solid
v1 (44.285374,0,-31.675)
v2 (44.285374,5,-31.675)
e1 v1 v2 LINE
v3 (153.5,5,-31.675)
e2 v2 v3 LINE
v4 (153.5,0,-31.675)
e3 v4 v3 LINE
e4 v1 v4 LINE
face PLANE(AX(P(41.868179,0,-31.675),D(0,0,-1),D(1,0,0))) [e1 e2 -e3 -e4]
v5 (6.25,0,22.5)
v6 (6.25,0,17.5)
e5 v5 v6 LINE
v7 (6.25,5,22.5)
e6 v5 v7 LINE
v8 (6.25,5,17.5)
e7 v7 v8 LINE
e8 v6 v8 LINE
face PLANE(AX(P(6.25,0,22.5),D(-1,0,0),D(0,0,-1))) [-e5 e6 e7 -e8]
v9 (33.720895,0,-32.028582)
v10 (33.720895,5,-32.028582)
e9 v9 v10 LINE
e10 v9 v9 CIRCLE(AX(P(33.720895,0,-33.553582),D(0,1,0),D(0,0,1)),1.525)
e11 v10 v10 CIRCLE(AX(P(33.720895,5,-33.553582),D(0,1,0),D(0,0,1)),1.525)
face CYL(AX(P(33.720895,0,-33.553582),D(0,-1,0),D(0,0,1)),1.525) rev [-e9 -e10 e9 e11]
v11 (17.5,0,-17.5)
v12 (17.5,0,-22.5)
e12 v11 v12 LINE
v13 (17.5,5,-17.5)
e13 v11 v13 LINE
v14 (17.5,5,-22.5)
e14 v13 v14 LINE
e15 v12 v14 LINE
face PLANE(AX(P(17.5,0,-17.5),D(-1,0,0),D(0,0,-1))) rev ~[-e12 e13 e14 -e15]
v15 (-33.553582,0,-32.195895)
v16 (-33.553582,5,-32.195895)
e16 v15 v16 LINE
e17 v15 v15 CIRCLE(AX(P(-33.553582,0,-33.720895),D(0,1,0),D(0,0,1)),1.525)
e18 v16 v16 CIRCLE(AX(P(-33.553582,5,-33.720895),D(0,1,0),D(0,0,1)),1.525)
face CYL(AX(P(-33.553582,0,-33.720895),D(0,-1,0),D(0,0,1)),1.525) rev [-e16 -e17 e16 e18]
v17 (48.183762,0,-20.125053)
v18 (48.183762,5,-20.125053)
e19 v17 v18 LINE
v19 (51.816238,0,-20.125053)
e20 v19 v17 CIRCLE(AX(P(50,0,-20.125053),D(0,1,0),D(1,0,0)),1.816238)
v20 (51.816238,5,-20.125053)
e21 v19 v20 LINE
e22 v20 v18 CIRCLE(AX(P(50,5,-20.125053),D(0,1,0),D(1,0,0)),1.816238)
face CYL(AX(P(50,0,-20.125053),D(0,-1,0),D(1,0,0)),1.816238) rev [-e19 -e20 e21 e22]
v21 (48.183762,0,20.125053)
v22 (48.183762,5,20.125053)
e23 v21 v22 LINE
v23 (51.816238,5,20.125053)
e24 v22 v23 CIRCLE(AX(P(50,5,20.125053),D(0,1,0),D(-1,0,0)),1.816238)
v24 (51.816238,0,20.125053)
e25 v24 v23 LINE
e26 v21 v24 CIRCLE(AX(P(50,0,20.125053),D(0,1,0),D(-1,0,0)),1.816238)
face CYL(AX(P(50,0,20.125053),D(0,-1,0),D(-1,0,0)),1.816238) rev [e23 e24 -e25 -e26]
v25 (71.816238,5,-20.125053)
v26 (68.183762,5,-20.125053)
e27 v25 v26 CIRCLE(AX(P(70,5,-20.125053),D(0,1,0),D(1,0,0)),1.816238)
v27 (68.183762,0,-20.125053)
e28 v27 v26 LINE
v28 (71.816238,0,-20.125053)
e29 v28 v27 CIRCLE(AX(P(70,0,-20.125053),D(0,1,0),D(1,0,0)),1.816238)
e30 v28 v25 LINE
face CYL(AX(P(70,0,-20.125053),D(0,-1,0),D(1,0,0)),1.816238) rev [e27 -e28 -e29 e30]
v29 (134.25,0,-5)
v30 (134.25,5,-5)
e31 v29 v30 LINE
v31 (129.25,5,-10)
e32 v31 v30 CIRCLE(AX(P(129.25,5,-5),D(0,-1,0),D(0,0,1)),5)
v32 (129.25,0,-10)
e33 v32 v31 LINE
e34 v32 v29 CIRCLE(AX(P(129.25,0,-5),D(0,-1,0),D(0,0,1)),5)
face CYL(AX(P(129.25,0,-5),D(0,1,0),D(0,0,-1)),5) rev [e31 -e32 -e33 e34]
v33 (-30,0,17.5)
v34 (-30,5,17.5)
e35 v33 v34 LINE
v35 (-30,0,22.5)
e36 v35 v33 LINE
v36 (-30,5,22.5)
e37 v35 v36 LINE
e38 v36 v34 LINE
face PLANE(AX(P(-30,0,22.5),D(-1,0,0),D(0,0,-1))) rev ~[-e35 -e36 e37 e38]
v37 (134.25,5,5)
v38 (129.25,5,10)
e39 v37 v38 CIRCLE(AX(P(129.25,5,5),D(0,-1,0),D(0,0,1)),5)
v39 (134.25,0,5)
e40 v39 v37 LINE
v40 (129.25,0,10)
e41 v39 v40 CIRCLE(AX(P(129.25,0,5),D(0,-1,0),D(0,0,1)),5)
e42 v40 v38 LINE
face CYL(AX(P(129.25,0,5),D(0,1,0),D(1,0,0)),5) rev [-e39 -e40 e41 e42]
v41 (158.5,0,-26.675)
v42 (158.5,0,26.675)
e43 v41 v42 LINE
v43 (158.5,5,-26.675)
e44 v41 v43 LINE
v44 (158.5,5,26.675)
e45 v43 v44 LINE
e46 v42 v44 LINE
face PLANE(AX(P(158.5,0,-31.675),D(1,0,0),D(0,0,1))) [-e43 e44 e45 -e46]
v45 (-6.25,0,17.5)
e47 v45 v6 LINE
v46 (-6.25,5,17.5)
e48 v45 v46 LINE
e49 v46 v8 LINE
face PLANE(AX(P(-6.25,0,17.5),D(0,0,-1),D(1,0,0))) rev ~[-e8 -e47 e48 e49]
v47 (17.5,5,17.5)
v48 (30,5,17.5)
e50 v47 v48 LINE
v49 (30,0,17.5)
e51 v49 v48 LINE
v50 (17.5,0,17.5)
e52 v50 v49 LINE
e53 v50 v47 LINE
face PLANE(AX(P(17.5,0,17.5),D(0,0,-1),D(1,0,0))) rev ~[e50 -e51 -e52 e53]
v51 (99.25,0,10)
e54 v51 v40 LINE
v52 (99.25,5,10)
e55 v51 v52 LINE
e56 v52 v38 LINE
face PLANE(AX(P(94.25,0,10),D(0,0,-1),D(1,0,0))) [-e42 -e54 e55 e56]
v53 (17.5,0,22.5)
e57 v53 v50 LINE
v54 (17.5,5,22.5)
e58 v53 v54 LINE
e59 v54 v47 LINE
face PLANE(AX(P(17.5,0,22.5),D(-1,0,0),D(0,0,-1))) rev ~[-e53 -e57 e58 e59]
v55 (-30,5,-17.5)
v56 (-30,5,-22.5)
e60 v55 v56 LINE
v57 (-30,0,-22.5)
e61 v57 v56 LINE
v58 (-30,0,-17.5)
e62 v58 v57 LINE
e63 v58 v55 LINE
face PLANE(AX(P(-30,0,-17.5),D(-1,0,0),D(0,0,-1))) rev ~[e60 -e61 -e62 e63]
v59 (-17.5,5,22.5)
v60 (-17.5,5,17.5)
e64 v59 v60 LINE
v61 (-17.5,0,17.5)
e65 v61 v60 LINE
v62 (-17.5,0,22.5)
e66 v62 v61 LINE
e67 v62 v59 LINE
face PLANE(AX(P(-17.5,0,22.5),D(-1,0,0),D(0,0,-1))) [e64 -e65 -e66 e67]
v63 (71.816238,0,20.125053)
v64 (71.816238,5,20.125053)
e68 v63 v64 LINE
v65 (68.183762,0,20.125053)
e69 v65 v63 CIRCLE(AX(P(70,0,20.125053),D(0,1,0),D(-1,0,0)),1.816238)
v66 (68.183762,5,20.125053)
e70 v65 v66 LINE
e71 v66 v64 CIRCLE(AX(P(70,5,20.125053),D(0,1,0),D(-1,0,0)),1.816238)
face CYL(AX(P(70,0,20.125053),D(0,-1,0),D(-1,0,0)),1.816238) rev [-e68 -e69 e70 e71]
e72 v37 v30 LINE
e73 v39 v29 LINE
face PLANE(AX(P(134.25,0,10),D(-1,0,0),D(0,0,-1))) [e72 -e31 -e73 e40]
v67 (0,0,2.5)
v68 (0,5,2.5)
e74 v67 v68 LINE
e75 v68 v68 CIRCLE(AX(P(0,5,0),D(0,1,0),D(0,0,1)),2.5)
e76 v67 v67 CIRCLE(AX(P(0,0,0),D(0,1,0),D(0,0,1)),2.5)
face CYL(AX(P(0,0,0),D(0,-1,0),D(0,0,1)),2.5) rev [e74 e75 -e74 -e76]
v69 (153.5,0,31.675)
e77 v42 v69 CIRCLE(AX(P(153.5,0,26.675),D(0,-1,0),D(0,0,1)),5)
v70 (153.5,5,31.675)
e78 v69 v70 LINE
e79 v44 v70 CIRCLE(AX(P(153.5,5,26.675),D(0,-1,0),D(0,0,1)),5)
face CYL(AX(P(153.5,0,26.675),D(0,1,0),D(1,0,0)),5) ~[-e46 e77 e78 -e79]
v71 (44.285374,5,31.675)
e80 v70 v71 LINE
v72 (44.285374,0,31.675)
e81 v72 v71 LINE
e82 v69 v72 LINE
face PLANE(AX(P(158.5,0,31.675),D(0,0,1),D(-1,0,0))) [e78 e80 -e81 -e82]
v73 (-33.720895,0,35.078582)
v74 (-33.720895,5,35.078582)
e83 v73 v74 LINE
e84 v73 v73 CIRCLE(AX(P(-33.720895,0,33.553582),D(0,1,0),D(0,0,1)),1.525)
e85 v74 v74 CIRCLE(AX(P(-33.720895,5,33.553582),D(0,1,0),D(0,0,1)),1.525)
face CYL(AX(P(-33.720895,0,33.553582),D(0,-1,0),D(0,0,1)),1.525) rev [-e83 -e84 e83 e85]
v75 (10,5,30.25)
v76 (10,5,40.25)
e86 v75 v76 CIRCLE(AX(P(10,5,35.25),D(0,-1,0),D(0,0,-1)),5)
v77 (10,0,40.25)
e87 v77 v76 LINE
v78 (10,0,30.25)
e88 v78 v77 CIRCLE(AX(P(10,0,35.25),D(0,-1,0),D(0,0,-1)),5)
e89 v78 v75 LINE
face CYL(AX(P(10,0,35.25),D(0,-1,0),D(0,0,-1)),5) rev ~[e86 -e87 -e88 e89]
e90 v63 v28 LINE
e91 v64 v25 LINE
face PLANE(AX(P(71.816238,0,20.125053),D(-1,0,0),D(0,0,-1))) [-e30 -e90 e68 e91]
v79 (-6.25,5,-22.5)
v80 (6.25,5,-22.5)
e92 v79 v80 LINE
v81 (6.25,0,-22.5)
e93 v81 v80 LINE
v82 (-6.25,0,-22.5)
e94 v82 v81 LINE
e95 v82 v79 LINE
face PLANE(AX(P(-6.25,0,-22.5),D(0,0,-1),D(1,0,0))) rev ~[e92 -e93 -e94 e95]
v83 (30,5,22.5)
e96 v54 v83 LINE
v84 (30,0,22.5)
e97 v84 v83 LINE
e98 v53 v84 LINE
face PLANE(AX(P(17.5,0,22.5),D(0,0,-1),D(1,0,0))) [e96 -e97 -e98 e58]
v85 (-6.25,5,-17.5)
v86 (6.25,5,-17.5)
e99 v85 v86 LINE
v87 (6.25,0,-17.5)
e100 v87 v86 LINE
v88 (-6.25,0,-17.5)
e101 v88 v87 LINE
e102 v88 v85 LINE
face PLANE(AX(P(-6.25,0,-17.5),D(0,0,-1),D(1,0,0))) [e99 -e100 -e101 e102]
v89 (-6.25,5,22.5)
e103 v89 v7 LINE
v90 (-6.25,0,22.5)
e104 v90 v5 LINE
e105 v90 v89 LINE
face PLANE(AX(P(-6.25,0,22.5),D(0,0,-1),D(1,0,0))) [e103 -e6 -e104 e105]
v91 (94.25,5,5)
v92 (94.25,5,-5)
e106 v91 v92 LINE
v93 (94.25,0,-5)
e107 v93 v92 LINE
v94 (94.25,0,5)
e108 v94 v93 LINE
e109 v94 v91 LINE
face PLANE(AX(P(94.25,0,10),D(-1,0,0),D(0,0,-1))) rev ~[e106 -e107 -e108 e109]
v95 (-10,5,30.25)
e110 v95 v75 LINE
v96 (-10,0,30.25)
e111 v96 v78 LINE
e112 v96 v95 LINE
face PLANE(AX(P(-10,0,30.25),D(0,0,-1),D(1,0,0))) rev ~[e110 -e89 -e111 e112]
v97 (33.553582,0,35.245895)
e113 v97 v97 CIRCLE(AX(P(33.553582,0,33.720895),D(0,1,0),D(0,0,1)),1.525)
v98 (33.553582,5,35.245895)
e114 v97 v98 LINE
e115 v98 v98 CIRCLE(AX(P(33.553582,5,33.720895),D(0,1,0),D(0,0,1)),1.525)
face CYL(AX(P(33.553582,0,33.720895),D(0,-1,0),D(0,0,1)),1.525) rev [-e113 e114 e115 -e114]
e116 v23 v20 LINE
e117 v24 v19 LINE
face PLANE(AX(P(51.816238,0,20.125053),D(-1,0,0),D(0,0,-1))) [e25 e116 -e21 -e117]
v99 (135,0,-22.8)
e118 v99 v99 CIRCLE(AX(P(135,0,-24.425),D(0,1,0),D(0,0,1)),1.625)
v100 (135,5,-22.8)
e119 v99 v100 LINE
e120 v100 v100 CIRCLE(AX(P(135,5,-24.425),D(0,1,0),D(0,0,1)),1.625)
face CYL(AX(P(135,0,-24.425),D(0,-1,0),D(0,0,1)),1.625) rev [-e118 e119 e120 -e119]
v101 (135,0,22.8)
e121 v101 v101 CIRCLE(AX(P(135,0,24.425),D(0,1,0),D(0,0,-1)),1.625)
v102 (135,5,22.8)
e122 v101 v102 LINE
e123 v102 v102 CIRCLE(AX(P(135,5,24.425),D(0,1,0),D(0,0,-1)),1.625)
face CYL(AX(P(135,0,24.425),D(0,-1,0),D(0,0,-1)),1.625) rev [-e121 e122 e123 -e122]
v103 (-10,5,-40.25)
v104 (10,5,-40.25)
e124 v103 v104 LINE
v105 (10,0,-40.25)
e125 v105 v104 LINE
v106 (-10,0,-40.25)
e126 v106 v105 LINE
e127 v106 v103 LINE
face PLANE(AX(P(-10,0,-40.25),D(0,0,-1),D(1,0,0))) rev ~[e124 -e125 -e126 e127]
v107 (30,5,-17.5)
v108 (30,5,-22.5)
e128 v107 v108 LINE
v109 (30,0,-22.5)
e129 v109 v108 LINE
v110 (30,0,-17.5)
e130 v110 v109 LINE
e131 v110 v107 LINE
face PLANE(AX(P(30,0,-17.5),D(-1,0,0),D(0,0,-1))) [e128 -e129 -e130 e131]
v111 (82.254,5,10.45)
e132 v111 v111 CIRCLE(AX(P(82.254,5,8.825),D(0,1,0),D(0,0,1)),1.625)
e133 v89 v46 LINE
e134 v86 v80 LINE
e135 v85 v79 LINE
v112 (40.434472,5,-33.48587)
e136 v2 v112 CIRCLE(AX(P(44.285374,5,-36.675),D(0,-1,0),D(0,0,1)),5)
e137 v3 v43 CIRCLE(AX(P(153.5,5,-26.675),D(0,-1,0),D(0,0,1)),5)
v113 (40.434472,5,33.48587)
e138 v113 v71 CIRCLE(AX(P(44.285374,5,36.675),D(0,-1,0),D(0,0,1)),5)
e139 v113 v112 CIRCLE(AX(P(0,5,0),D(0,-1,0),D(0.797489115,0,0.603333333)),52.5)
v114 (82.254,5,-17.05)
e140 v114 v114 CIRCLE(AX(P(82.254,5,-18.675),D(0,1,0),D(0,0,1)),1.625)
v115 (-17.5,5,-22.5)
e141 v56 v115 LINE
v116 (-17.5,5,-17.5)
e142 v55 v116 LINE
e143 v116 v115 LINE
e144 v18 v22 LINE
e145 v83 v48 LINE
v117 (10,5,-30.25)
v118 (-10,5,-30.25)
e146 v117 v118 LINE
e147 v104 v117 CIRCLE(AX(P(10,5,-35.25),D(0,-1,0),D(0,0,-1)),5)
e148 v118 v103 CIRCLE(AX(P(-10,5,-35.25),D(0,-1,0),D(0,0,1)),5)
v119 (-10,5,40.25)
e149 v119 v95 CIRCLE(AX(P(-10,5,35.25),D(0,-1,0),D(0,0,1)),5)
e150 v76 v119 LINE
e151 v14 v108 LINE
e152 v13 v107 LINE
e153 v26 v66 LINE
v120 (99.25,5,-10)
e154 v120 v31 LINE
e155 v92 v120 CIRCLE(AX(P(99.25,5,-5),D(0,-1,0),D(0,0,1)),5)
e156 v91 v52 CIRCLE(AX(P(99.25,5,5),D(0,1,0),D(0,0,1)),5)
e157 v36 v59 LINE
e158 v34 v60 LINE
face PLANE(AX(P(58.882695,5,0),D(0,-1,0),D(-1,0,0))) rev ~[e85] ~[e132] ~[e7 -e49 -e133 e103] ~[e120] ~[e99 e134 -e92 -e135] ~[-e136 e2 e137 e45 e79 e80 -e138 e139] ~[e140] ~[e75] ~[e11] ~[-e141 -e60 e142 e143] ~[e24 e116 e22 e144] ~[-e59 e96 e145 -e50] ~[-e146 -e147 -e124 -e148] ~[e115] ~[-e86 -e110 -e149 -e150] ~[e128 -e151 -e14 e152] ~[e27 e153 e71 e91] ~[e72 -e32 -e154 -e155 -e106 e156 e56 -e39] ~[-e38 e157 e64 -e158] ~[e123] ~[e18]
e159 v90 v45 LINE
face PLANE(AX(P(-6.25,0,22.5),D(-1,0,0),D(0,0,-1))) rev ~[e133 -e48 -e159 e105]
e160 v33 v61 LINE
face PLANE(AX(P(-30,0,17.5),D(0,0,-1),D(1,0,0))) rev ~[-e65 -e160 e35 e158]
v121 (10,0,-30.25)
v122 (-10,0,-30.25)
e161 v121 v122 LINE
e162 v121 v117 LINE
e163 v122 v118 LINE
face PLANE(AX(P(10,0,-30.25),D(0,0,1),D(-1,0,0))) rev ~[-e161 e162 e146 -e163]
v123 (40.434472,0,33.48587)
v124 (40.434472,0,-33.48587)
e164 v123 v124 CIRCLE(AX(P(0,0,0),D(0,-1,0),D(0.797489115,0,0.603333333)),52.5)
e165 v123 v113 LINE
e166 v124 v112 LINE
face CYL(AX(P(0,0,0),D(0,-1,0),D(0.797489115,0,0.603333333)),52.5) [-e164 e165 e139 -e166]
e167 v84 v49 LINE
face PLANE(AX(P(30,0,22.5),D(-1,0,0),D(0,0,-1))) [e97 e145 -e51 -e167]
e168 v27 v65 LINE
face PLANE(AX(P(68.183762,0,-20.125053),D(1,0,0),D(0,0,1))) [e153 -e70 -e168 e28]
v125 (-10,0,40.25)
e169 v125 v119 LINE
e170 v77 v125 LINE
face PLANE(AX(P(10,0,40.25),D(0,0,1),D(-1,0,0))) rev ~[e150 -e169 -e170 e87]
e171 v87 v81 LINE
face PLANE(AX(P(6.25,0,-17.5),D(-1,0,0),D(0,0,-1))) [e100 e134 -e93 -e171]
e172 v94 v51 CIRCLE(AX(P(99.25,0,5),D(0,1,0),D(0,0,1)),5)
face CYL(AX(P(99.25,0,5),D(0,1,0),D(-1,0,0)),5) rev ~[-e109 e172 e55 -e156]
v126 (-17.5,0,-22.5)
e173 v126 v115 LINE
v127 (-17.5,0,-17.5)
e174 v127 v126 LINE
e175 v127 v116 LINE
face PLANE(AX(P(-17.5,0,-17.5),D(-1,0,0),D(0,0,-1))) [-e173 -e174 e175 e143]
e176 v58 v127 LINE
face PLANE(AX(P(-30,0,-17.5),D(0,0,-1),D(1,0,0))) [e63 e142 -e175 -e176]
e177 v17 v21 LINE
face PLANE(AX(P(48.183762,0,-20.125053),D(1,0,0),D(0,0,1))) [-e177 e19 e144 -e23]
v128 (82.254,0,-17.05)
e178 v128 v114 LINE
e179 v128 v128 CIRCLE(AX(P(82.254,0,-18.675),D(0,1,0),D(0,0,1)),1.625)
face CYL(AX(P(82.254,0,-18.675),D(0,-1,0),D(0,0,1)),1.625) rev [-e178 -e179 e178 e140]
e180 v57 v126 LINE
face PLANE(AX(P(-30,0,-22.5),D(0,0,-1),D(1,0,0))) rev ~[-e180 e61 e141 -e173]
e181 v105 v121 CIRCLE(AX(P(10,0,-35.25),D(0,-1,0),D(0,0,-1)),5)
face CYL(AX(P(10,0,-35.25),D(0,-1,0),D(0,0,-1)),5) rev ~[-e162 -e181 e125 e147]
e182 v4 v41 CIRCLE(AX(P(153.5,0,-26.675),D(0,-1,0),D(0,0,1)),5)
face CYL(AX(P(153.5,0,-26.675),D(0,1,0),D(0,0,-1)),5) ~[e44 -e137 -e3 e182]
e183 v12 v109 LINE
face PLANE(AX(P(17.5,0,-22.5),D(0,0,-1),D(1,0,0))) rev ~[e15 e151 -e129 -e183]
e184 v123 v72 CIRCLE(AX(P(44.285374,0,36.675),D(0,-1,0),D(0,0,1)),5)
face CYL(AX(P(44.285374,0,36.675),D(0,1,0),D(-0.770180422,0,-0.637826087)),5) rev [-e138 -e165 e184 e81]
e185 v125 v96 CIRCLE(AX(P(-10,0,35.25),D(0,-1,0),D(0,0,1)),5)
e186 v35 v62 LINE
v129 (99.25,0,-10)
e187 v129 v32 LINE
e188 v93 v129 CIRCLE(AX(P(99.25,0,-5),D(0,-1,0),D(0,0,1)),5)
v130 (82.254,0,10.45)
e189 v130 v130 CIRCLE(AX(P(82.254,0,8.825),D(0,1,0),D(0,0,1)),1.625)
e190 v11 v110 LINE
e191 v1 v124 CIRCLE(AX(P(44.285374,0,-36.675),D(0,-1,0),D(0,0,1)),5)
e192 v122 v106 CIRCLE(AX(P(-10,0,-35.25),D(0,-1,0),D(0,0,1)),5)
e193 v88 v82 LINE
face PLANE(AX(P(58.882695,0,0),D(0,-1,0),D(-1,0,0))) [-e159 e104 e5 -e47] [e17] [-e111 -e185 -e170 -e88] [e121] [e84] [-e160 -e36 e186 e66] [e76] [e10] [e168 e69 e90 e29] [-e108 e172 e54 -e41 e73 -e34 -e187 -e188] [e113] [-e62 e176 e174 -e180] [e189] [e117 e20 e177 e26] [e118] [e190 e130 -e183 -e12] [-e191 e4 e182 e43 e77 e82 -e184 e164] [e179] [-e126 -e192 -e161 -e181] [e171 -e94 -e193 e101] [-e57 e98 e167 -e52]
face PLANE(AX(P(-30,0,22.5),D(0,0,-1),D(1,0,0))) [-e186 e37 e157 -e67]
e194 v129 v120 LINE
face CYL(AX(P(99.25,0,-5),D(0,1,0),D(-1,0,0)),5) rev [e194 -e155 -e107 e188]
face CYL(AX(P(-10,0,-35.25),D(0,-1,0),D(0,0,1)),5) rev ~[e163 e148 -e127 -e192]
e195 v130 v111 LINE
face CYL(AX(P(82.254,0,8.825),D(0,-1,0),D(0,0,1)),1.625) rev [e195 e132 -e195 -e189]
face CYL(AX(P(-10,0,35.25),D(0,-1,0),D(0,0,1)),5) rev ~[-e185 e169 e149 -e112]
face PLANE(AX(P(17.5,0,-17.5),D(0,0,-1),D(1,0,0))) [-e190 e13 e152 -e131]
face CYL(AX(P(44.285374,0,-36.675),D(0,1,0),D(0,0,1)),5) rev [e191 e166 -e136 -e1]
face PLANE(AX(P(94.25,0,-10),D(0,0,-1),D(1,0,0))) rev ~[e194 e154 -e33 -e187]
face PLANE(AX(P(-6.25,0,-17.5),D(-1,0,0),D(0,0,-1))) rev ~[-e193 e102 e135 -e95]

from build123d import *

# Parameters (mm, degrees)
SKETCH_1_R      = 1.525
SKETCH_1_R_2    = 2.5
SKETCH_1_R_3    = 1.625
SKETCH_1_W      = 12.5
SKETCH_1_H      = 5
SKETCH_1_W_2    = 40
SKETCH_1_H_2    = 20
EXTRUDE_1_DEPTH = 5
FILLET_1_R      = 5


with BuildPart() as part:
    # 草图1 → 凸台-拉伸1 (new body)
    with BuildSketch(Plane(origin=(0, 0, 0), x_dir=(1, 0, 0), z_dir=(0, 1, 0))):
        with BuildLine():
            Line((41.868178549, 31.675), (158.5, 31.675))
            Line((158.5, 31.675), (158.5, -31.675))
            Line((158.5, -31.675), (41.868178549, -31.675))
            ThreePointArc((41.868178549, -31.675), (-52.5, 0), (41.868178549, 31.675))
        make_face()
        with Locations(Location((-33.55358156, 33.720895004, 0), (0, 0, 270))):
            Circle(SKETCH_1_R, mode=Mode.SUBTRACT)
        with Locations(Location((0, 0, 0), (0, 0, 270))):
            Circle(SKETCH_1_R_2, mode=Mode.SUBTRACT)
        with Locations(Location((82.254, 18.675, 0), (0, 0, 270))):
            Circle(SKETCH_1_R_3, mode=Mode.SUBTRACT)
        with Locations(Location((82.254, -8.825, 0), (0, 0, 270))):
            Circle(SKETCH_1_R_3, mode=Mode.SUBTRACT)
        with Locations(Location((135, 24.425, 0), (0, 0, 270))):
            Circle(SKETCH_1_R_3, mode=Mode.SUBTRACT)
        with Locations(Location((135, -24.425, 0), (0, 0, 90))):
            Circle(SKETCH_1_R_3, mode=Mode.SUBTRACT)
        with Locations(Location((33.720895004, 33.55358156, 0), (0, 0, 270))):
            Circle(SKETCH_1_R, mode=Mode.SUBTRACT)
        with Locations(Location((33.55358156, -33.720895004, 0), (0, 0, 270))):
            Circle(SKETCH_1_R, mode=Mode.SUBTRACT)
        with Locations(Location((-33.720895004, -33.55358156, 0), (0, 0, 270))):
            Circle(SKETCH_1_R, mode=Mode.SUBTRACT)
        with Locations((23.75, -20)):
            Rectangle(SKETCH_1_W, SKETCH_1_H, mode=Mode.SUBTRACT)
        with Locations((-23.75, 20)):
            Rectangle(SKETCH_1_W, SKETCH_1_H, mode=Mode.SUBTRACT)
        with Locations((0, 20)):
            Rectangle(SKETCH_1_W, SKETCH_1_H, mode=Mode.SUBTRACT)
        with Locations((23.75, 20)):
            Rectangle(SKETCH_1_W, SKETCH_1_H, mode=Mode.SUBTRACT)
        with Locations((0, -20)):
            Rectangle(SKETCH_1_W, SKETCH_1_H, mode=Mode.SUBTRACT)
        with Locations((-23.75, -20)):
            Rectangle(SKETCH_1_W, SKETCH_1_H, mode=Mode.SUBTRACT)
        with BuildLine():
            Line((-10, -30.25), (10, -30.25))
            ThreePointArc((10, -30.25), (15, -35.25), (10, -40.25))
            Line((10, -40.25), (-10, -40.25))
            ThreePointArc((-10, -40.25), (-15, -35.25), (-10, -30.25))
        make_face(mode=Mode.SUBTRACT)
        with BuildLine():
            Line((-10, 40.25), (10, 40.25))
            ThreePointArc((10, 40.25), (15, 35.25), (10, 30.25))
            Line((10, 30.25), (-10, 30.25))
            ThreePointArc((-10, 30.25), (-15, 35.25), (-10, 40.25))
        make_face(mode=Mode.SUBTRACT)
        with BuildLine():
            Line((48.183761531, 20.125053296), (48.183761531, -20.125053296))
            ThreePointArc((48.183761531, -20.125053296), (50, -21.941291765), (51.816238469, -20.125053296))
            Line((51.816238469, -20.125053296), (51.816238469, 20.125053296))
            ThreePointArc((51.816238469, 20.125053296), (50, 21.941291765), (48.183761531, 20.125053296))
        make_face(mode=Mode.SUBTRACT)
        with BuildLine():
            Line((68.183761531, 20.125053296), (68.183761531, -20.125053296))
            ThreePointArc((68.183761531, -20.125053296), (70, -21.941291765), (71.816238469, -20.125053296))
            Line((71.816238469, -20.125053296), (71.816238469, 20.125053296))
            ThreePointArc((71.816238469, 20.125053296), (70, 21.941291765), (68.183761531, 20.125053296))
        make_face(mode=Mode.SUBTRACT)
        with Locations((114.25, 0)):
            Rectangle(SKETCH_1_W_2, SKETCH_1_H_2, mode=Mode.SUBTRACT)
    extrude(amount=EXTRUDE_1_DEPTH)

    # 圆角1
    fillet_1_edges = [part.edges().sort_by_distance(p)[0] for p in [
        (94.25, 2.5, -10),
        (94.25, 2.5, 10),
        (134.25, 2.5, 10),
        (134.25, 2.5, -10),
        (41.868178549, 2.5, -31.675),
        (158.5, 2.5, -31.675),
        (158.5, 2.5, 31.675),
        (41.868178549, 2.5, 31.675),
    ]]
    fillet(fillet_1_edges, radius=FILLET_1_R)


solid = part.part
